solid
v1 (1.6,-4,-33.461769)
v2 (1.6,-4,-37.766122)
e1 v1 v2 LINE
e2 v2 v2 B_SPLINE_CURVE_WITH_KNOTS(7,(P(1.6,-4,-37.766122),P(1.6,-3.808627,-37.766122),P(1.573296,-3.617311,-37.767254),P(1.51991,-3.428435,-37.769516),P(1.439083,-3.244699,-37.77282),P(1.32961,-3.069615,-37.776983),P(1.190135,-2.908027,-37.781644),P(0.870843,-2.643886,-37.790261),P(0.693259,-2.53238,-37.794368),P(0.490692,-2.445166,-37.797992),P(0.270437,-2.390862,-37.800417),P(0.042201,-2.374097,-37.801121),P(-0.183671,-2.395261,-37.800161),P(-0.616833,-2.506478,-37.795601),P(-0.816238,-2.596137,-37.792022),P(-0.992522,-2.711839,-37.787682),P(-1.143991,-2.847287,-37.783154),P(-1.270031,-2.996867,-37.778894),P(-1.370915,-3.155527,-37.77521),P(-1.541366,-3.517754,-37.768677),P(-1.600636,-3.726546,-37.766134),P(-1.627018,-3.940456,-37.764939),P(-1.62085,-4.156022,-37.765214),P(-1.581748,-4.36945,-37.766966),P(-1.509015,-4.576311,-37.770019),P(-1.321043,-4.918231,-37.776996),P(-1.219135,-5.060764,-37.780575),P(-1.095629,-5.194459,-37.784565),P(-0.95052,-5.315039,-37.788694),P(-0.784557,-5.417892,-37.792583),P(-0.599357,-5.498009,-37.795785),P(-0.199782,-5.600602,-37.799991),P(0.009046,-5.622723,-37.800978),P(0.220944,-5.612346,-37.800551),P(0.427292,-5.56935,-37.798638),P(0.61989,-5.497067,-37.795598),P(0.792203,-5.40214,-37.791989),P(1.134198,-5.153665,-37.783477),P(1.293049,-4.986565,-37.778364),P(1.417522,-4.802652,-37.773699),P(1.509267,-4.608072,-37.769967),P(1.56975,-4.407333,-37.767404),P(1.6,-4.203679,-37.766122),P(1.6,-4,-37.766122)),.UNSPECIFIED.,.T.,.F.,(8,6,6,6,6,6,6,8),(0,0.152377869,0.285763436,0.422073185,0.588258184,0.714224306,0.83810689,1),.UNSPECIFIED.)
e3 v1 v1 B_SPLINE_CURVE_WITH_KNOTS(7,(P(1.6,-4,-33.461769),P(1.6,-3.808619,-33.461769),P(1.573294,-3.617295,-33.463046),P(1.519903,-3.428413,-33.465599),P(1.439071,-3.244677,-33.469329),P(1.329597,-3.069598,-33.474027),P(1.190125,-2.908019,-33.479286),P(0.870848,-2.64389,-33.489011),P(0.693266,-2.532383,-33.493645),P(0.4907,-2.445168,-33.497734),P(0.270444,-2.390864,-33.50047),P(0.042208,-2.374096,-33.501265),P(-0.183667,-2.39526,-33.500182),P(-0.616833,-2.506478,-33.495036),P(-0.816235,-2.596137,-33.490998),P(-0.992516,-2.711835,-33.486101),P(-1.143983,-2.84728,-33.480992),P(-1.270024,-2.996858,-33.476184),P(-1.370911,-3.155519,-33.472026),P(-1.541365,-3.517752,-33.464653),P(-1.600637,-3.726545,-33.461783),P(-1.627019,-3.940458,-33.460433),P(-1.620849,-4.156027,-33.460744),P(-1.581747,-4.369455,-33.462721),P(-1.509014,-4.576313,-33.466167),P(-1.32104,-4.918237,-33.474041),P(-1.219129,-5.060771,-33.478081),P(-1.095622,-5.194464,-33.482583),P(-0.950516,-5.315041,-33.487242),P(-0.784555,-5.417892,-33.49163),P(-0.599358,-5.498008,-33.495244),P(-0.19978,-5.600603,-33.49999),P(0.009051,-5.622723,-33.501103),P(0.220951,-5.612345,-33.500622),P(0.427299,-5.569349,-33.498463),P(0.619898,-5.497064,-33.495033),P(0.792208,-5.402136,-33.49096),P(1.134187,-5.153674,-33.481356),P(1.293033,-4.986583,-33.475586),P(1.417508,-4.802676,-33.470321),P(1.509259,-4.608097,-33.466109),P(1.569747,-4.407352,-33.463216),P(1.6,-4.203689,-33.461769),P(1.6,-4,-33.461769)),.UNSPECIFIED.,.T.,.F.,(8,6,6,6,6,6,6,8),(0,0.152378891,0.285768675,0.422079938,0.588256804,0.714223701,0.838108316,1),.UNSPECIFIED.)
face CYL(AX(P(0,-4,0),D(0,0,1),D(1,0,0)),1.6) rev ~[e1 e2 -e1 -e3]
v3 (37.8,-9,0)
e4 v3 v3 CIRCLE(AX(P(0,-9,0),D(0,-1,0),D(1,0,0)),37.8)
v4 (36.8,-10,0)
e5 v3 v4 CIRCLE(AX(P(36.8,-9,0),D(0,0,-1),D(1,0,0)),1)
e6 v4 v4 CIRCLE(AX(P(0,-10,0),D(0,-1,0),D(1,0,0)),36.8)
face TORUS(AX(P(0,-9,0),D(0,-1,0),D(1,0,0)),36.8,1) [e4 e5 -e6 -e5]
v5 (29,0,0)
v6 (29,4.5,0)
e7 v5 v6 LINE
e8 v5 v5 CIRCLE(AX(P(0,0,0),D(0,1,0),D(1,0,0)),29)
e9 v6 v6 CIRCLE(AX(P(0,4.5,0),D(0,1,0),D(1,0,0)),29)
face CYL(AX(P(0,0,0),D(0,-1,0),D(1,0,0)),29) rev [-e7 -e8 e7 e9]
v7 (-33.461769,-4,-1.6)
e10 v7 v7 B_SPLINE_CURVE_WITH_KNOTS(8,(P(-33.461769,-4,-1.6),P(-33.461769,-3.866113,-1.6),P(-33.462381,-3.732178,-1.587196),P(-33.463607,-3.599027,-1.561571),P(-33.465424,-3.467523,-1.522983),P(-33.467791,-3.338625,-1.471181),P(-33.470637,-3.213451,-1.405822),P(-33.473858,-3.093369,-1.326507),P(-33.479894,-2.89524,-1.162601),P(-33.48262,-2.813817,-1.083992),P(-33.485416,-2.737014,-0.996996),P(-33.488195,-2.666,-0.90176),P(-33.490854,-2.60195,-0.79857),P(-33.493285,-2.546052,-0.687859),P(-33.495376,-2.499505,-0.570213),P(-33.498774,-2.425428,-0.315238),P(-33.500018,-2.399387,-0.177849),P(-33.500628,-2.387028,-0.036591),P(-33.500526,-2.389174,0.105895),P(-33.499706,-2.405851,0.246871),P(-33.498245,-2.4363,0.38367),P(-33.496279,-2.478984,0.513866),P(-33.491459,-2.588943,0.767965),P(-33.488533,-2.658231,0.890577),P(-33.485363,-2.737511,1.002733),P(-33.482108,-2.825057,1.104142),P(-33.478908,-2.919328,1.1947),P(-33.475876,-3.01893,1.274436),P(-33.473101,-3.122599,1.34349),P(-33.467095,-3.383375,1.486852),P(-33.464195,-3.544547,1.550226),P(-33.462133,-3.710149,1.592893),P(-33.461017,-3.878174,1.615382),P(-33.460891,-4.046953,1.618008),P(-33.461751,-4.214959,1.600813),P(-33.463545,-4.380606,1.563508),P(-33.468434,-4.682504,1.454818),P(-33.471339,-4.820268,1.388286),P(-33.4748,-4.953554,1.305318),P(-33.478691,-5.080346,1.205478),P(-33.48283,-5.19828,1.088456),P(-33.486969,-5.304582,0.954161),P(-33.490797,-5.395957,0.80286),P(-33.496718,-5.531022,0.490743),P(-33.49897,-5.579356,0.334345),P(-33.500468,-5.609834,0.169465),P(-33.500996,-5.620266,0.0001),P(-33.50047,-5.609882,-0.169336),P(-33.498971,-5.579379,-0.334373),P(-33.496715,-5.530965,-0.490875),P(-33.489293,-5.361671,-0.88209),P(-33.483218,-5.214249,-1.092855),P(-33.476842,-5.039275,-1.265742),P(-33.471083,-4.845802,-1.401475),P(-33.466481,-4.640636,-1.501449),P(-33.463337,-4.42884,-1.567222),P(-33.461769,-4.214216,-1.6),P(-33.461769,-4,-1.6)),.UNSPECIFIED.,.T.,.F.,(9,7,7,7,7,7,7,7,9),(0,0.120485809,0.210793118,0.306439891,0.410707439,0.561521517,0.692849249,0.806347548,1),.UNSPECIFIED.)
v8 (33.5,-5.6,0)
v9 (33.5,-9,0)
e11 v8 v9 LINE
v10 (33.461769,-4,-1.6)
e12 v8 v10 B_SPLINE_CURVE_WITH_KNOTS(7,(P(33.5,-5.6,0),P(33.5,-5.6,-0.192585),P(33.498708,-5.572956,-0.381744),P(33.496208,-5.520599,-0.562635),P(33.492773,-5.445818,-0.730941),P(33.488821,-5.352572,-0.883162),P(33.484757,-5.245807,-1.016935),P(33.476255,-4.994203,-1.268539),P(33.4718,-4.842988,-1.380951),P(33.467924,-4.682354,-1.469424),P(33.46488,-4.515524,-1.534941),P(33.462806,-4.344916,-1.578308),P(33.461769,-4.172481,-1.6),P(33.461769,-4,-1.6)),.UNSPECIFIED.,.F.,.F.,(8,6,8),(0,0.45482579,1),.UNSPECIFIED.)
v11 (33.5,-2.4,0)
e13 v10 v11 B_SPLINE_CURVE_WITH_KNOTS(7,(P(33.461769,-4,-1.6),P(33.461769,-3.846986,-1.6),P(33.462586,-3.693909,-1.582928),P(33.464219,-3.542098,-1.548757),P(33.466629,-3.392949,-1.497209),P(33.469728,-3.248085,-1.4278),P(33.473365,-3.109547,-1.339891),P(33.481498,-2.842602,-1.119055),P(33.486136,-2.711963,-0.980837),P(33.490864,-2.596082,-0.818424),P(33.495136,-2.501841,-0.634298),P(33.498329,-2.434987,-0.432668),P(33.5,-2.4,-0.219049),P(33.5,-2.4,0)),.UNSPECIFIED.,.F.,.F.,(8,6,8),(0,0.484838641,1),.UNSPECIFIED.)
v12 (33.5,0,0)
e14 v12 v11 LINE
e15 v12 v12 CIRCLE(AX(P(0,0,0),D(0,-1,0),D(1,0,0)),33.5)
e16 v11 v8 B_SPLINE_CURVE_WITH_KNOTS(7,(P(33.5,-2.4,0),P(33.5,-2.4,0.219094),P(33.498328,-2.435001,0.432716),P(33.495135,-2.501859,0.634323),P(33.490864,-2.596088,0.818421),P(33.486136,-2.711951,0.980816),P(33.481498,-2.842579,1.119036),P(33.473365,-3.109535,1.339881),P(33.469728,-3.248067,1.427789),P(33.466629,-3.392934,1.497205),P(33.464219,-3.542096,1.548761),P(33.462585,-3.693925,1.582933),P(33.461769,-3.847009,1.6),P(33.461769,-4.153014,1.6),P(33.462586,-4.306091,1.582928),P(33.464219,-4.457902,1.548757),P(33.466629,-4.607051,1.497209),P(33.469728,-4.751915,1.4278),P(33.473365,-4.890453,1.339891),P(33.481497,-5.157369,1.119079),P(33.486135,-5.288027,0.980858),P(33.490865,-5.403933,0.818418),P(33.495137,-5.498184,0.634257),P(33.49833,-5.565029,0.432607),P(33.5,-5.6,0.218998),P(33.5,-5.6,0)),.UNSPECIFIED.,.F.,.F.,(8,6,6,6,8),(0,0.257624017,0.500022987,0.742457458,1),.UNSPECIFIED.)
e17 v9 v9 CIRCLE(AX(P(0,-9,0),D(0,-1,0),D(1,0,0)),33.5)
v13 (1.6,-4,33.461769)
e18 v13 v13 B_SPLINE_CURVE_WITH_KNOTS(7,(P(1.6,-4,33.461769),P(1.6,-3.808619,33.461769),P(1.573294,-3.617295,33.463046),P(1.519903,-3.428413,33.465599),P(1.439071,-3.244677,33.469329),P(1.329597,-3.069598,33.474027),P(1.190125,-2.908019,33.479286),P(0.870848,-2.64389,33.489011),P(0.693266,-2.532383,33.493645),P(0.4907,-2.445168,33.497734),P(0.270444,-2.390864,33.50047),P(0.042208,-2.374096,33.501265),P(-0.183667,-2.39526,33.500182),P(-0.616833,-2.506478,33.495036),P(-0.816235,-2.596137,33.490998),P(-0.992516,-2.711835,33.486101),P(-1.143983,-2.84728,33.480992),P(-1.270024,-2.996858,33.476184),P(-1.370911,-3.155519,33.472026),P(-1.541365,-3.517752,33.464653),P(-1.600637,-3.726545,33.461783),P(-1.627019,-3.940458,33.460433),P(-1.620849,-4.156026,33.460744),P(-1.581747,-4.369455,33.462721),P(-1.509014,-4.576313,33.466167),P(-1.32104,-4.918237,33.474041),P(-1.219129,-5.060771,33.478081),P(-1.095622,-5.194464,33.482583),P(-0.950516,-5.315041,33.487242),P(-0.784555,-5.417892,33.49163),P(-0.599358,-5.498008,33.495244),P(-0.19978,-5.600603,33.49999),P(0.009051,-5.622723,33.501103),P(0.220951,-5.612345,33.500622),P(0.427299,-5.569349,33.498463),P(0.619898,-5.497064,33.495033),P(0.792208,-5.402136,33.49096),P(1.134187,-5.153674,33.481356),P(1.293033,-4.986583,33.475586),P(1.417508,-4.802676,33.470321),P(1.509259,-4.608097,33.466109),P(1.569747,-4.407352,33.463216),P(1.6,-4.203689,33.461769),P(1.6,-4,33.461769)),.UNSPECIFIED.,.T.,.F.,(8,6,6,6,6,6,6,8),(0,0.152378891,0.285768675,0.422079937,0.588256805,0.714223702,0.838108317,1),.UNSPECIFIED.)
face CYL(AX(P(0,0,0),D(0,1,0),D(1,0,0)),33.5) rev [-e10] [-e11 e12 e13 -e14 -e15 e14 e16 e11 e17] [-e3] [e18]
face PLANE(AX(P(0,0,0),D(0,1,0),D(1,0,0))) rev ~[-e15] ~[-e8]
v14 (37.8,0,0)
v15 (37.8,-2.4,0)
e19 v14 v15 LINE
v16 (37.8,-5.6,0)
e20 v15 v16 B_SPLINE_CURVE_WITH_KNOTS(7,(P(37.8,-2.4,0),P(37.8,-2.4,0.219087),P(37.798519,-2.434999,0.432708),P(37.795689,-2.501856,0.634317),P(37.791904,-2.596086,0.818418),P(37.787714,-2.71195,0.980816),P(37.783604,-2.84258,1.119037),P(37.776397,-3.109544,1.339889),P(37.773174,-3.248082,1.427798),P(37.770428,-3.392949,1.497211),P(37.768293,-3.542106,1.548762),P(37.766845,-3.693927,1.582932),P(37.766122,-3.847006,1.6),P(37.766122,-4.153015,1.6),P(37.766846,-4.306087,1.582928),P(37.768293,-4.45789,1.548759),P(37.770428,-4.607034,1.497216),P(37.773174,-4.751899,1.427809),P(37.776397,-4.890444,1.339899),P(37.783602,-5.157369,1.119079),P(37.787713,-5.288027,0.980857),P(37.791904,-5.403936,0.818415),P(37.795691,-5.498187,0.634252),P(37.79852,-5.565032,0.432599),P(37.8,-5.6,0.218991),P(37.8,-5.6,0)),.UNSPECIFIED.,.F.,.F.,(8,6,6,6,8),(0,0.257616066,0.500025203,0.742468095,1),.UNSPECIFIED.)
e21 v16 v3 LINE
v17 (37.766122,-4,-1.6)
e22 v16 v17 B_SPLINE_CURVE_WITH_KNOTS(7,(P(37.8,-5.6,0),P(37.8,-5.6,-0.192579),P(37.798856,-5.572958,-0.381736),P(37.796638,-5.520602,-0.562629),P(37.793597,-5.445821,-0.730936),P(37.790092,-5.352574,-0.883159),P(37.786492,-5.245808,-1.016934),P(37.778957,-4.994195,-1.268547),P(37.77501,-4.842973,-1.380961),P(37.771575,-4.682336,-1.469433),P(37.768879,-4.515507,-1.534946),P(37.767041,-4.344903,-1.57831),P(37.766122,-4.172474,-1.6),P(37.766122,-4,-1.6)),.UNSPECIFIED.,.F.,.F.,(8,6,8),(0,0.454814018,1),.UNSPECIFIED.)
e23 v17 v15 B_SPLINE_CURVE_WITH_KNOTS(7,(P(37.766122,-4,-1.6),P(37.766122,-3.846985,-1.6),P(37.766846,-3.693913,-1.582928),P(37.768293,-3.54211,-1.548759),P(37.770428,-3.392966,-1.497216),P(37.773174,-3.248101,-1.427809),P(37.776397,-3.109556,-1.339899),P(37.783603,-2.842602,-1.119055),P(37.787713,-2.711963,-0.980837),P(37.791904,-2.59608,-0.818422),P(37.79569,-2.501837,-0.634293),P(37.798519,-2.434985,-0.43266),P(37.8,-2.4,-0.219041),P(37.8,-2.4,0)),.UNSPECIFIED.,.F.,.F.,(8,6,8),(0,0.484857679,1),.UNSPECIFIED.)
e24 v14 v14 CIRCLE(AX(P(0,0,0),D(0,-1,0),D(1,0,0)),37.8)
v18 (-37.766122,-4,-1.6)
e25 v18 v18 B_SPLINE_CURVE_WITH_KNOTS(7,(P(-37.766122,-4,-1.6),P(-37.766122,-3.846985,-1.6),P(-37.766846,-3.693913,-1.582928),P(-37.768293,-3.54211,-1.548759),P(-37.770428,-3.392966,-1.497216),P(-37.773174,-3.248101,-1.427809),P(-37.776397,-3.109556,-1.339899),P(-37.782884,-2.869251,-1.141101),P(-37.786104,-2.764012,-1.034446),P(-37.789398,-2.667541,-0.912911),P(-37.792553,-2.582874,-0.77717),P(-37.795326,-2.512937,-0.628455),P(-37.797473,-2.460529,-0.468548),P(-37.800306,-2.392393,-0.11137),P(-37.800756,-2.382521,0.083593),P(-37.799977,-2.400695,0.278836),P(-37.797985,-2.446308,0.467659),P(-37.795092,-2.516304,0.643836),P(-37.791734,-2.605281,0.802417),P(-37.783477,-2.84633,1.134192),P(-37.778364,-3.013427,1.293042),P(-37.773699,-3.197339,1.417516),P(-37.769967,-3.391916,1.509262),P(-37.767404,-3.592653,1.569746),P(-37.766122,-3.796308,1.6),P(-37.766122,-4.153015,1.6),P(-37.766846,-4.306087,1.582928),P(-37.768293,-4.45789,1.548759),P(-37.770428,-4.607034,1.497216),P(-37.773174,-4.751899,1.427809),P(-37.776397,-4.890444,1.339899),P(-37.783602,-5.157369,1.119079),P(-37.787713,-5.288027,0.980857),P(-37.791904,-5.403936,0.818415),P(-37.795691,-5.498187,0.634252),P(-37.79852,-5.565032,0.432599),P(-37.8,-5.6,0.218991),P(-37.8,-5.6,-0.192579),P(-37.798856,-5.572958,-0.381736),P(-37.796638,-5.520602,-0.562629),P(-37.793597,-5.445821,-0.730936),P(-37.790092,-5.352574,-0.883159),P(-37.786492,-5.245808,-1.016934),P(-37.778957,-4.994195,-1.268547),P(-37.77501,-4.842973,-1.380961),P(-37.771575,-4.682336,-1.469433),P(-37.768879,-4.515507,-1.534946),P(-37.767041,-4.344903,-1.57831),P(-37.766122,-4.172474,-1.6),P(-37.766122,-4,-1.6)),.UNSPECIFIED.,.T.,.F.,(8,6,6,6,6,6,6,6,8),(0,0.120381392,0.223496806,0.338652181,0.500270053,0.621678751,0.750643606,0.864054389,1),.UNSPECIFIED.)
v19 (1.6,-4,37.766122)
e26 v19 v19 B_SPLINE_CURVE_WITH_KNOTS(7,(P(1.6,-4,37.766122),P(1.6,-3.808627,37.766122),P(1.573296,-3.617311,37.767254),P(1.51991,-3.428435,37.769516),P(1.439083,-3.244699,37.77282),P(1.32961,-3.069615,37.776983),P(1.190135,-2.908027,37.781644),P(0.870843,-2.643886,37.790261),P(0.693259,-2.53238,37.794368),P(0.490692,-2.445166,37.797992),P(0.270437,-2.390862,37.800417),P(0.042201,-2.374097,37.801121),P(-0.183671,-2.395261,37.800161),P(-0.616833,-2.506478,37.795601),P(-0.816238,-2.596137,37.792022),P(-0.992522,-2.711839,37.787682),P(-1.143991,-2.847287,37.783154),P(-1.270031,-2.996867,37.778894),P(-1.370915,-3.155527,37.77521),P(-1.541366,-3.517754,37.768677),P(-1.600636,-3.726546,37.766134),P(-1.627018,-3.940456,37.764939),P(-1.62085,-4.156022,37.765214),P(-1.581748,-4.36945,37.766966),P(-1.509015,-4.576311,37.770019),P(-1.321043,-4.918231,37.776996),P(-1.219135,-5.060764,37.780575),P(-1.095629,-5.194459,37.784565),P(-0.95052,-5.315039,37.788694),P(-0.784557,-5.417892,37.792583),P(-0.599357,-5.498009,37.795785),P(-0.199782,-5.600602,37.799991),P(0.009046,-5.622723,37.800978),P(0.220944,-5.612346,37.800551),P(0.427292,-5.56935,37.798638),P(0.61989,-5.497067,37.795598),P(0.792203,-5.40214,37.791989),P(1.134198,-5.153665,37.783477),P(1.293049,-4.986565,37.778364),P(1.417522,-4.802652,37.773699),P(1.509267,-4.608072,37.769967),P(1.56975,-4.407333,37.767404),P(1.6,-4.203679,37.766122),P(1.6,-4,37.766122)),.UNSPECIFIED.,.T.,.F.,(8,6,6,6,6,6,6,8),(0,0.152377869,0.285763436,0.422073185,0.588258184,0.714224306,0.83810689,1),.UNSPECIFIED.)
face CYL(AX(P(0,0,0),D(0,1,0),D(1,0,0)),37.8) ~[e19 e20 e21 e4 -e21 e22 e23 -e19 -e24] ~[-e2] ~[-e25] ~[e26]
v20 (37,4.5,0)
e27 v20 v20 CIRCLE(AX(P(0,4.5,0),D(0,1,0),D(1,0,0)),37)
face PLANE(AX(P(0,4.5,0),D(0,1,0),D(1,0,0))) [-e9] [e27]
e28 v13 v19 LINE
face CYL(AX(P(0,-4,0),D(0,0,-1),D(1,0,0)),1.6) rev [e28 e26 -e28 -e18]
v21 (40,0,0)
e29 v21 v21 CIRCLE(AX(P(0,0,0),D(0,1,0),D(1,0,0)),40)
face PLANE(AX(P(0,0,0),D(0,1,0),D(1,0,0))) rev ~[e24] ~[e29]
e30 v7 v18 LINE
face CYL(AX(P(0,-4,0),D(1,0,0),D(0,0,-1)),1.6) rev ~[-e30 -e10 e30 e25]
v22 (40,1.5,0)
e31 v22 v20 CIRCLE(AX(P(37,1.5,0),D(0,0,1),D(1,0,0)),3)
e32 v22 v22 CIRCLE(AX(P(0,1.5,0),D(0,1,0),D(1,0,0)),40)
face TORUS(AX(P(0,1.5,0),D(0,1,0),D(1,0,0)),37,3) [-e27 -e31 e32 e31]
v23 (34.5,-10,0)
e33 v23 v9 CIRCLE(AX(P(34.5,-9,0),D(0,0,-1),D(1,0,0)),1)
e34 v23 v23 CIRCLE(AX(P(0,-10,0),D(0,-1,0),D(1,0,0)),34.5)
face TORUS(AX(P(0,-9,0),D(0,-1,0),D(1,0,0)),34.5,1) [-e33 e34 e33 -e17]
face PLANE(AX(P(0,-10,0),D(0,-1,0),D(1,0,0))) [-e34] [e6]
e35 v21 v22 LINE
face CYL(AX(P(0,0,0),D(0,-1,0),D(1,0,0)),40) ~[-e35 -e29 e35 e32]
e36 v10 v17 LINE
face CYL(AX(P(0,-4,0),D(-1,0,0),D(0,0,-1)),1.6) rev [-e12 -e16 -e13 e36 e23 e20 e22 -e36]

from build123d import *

# Parameters (mm, degrees)
SKETCH_1_R               = 40
SKETCH_1_R_2             = 29
EXTRUDE_1_DEPTH          = 4.5
SKETCH_2_R               = 37.8
SKETCH_2_R_2             = 33.5
EXTRUDE_2_DEPTH          = 10
FILLET_1_R               = 1
FILLET_2_R               = 3
SKETCH_3_R               = 1.6
CUT_EXTRUDE_1_DEPTH      = 41
CUT_EXTRUDE_1_DEPTH_BACK = 41.0000001
SKETCH_4_R               = 1.6
CUT_EXTRUDE_2_DEPTH      = 41
CUT_EXTRUDE_2_DEPTH_BACK = 41


with BuildPart() as part:
    # 草图1 → 凸台-拉伸1 (new body)
    with BuildSketch(Plane(origin=(0, 0, 0), x_dir=(1, 0, 0), z_dir=(0, 1, 0))):
        Circle(SKETCH_1_R)
        Circle(SKETCH_1_R_2, mode=Mode.SUBTRACT)
    extrude(amount=EXTRUDE_1_DEPTH)

    # 草图2 → 凸台-拉伸2 (add)
    with BuildSketch(Plane.XZ):
        Circle(SKETCH_2_R)
        Circle(SKETCH_2_R_2, mode=Mode.SUBTRACT)
    extrude(amount=EXTRUDE_2_DEPTH)

    # 圆角1
    fillet_1_edges = [part.edges().sort_by_distance(p)[0] for p in [
        (-37.8, -10, 0),
        (-33.5, -10, 0),
    ]]
    fillet(fillet_1_edges, radius=FILLET_1_R)

    # 圆角2
    fillet_2_edges = [part.edges().sort_by_distance(p)[0] for p in [
        (-40, 4.5, 0),
    ]]
    fillet(fillet_2_edges, radius=FILLET_2_R)

    # 草图3 → 切除-拉伸1 (cut, two sides)
    with BuildSketch(Plane(origin=(0, 0, 0), x_dir=(0, 0, -1), z_dir=(1, 0, 0))) as cut_extrude_1_sk:
        with Locations((0, -4)):
            Circle(SKETCH_3_R)
    extrude(amount=CUT_EXTRUDE_1_DEPTH, mode=Mode.SUBTRACT)
    extrude(cut_extrude_1_sk.sketch, amount=-CUT_EXTRUDE_1_DEPTH_BACK, mode=Mode.SUBTRACT)

    # 草图4 → 切除-拉伸2 (cut, two sides)
    with BuildSketch(Plane.XY) as cut_extrude_2_sk:
        with Locations((0, -4)):
            Circle(SKETCH_4_R)
    extrude(amount=CUT_EXTRUDE_2_DEPTH, mode=Mode.SUBTRACT)
    extrude(cut_extrude_2_sk.sketch, amount=-CUT_EXTRUDE_2_DEPTH_BACK, mode=Mode.SUBTRACT)


solid = part.part
